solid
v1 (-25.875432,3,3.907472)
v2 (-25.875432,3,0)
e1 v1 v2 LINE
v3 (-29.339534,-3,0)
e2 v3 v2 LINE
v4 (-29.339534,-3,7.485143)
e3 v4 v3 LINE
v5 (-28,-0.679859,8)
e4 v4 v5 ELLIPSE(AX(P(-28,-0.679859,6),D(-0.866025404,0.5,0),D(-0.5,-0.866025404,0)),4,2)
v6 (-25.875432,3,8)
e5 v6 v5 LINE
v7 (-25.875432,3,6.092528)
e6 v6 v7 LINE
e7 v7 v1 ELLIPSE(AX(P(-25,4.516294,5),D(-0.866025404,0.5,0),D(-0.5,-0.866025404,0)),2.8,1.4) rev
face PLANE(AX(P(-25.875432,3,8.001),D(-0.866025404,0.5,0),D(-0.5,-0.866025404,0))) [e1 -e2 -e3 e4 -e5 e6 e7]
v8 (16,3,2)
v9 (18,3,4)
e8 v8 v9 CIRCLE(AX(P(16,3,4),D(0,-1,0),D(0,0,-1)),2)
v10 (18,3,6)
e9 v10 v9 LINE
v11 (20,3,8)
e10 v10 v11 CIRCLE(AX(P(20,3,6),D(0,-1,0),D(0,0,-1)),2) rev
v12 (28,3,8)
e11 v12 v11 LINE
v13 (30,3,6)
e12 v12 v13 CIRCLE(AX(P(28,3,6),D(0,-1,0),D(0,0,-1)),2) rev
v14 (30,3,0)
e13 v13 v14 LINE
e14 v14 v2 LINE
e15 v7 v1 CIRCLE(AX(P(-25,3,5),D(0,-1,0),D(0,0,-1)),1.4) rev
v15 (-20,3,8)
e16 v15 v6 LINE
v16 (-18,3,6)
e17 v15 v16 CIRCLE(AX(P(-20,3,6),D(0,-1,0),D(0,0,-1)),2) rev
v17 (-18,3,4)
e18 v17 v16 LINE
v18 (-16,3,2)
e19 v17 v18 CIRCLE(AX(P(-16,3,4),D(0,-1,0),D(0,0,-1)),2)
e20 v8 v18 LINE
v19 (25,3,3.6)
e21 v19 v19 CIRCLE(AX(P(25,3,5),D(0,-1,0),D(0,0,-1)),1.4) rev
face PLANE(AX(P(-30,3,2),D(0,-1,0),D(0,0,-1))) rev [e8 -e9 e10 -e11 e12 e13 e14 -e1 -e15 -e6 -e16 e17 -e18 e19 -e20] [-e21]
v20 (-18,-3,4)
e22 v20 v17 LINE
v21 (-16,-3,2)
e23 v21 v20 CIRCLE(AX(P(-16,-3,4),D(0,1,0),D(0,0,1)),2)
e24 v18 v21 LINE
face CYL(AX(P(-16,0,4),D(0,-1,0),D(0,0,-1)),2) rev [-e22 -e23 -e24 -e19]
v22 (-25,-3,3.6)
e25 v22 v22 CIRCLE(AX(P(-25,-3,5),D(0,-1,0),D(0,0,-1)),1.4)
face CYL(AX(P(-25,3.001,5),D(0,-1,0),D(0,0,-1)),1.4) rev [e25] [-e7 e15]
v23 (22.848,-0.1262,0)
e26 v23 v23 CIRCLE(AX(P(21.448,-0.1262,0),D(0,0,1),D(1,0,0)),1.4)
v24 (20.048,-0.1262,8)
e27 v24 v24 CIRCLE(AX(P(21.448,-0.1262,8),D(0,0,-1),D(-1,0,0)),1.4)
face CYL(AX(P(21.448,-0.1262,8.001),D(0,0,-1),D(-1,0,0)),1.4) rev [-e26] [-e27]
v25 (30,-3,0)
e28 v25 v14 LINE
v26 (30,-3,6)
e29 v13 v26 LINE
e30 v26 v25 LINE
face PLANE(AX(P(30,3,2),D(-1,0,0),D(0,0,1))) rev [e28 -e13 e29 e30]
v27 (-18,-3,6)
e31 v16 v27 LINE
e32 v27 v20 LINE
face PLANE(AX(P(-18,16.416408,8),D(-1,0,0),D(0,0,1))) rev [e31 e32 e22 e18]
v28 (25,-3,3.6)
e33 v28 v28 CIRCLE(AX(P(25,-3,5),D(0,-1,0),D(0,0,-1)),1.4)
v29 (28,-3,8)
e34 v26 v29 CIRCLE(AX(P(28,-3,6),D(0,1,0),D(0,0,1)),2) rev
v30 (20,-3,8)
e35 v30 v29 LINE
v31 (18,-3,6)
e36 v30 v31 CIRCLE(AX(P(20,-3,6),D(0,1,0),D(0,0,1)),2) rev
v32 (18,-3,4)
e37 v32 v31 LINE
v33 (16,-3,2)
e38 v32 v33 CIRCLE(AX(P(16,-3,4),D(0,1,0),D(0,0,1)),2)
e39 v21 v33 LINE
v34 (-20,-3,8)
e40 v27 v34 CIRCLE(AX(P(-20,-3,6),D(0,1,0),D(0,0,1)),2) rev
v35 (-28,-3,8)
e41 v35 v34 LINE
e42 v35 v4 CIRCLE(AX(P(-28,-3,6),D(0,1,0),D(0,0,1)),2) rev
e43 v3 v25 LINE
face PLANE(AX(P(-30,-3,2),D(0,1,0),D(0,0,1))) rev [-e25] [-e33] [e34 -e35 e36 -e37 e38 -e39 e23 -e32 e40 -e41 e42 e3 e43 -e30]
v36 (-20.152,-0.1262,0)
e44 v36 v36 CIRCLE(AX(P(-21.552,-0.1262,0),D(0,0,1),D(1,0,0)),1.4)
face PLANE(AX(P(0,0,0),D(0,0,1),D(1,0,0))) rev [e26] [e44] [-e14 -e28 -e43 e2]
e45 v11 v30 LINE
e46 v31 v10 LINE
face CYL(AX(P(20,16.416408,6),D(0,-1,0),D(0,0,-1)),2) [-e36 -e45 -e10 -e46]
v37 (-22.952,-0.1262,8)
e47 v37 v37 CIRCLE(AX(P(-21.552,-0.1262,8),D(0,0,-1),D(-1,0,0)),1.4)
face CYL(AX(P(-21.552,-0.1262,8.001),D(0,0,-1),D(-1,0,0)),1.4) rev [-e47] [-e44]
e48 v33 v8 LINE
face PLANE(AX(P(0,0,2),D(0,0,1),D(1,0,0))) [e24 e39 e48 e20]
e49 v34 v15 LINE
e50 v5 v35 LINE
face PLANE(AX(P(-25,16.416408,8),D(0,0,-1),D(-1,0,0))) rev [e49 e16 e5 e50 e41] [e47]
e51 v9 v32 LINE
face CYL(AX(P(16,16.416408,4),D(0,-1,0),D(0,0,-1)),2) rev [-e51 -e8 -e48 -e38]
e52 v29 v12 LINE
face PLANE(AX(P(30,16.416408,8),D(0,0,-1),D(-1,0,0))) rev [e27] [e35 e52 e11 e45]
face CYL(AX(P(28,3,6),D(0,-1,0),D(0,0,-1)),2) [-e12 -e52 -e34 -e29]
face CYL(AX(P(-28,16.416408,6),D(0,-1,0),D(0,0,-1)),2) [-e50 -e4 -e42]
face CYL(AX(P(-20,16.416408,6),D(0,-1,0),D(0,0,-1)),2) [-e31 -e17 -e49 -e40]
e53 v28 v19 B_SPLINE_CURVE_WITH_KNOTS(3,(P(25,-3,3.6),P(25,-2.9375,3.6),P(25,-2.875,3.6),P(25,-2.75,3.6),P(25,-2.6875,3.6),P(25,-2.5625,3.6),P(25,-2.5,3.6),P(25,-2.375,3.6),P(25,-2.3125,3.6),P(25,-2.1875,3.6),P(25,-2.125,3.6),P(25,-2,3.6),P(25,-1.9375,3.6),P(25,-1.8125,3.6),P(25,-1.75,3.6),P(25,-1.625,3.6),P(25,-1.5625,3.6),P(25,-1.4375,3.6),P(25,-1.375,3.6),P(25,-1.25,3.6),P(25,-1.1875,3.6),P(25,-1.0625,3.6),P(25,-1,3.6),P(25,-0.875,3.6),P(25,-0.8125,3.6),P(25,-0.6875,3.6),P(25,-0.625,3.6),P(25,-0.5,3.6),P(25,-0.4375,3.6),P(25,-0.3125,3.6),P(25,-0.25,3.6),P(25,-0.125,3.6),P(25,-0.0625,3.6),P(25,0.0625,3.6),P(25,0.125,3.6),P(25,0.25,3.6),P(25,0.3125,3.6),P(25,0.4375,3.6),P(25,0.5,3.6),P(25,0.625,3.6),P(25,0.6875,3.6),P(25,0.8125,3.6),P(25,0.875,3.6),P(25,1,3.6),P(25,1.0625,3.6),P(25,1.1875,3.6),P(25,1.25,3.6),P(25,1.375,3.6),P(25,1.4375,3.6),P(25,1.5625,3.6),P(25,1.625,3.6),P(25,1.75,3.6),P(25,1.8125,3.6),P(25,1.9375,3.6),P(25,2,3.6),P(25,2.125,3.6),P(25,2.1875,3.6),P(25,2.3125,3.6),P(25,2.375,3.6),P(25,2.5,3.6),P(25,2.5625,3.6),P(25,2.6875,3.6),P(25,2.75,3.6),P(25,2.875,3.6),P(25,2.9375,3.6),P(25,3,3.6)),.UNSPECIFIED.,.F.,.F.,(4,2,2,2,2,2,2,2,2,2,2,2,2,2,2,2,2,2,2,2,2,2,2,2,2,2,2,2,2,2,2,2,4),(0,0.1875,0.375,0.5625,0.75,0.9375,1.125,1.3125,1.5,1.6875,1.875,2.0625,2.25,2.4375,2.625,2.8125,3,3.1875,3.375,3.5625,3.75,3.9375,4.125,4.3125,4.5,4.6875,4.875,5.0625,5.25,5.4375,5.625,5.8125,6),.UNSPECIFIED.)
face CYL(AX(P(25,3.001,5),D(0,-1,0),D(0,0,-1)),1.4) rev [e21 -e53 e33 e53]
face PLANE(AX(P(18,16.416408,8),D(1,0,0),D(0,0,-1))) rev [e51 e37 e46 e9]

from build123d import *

# Parameters (mm, degrees)
SKETCH1_W           = 60
SKETCH1_H           = 6
BASE_DEPTH          = 2
BOSS_EXTRUDE2_DEPTH = 6
FILLET1_R           = 2
CROP_REACH          = 33.193
FAN_SCREWS_REACH    = 33.623
SKETCH5_R           = 1.4
PCB_SCREWS_REACH    = 33.193
SKETCH3_R           = 1.4


with BuildPart() as part:
    # Sketch1 → Base (new body)
    with BuildSketch(Plane.XY):
        Rectangle(SKETCH1_W, SKETCH1_H)
    extrude(amount=BASE_DEPTH)

    # Sketch4 → Boss-Extrude2 (add)
    with BuildSketch(Plane(origin=(0, -3, 0), x_dir=(1, 0, 0), z_dir=(0, 1, 0))):
        Polygon((-30, -2), (-18, -2), (-18, -8), (-25, -8), (-30, -8), align=None)
        Polygon((30, -2), (30, -8), (25, -8), (18, -8), (18, -2), align=None)
    extrude(amount=BOSS_EXTRUDE2_DEPTH)

    # Fillet1
    fillet1_edges = [part.edges().sort_by_distance(p)[0] for p in [
        (-18, 0, 2),
        (-18, 0, 8),
        (-30, 0, 8),
        (30, 0, 8),
        (18, 0, 8),
        (18, 0, 2),
    ]]
    fillet(fillet1_edges, radius=FILLET1_R)

    # Sketch2 → Crop (cut, up to next)
    with BuildSketch(Plane.XY, mode=Mode.PRIVATE) as crop_sk1:
        Polygon((-25.875432474, 3), (-29.339534089, -3), (-30, -3), (-30, 3), align=None)
    crop_tool1 = extrude(crop_sk1.sketch, amount=CROP_REACH, mode=Mode.PRIVATE) & part.part
    add(crop_tool1.solids().sort_by_distance((-28.594757, 0.723945, 0))[0], mode=Mode.SUBTRACT)

    # Sketch5 → Fan screws (cut, up to next)
    with BuildSketch(Plane.XZ.offset(3), mode=Mode.PRIVATE) as fan_screws_sk1:
        with Locations(Location((25, 5, 0), (0, 0, 270))):
            Circle(SKETCH5_R)
    fan_screws_tool1 = extrude(fan_screws_sk1.sketch, amount=-FAN_SCREWS_REACH, mode=Mode.PRIVATE) & part.part
    # Sketch5 → Fan screws (cut, up to next)
    with BuildSketch(Plane.XZ.offset(3), mode=Mode.PRIVATE) as fan_screws_sk2:
        with Locations(Location((-25, 5, 0), (0, 0, 270))):
            Circle(SKETCH5_R)
    fan_screws_tool2 = extrude(fan_screws_sk2.sketch, amount=-FAN_SCREWS_REACH, mode=Mode.PRIVATE) & part.part
    add(fan_screws_tool1.solids().sort_by_distance((25, -3, 5))[0], mode=Mode.SUBTRACT)
    add(fan_screws_tool2.solids().sort_by_distance((-25, -3, 5))[0], mode=Mode.SUBTRACT)

    # Sketch3 → PCB screws (cut, up to next)
    with BuildSketch(Plane.XY, mode=Mode.PRIVATE) as pcb_screws_sk1:
        with Locations(Location((21.448, -0.1262, 0), (0, 0, 180))):
            Circle(SKETCH3_R)
    pcb_screws_tool1 = extrude(pcb_screws_sk1.sketch, amount=PCB_SCREWS_REACH, mode=Mode.PRIVATE) & part.part
    # Sketch3 → PCB screws (cut, up to next)
    with BuildSketch(Plane.XY, mode=Mode.PRIVATE) as pcb_screws_sk2:
        with Locations(Location((-21.552, -0.1262, 0), (0, 0, 180))):
            Circle(SKETCH3_R)
    pcb_screws_tool2 = extrude(pcb_screws_sk2.sketch, amount=PCB_SCREWS_REACH, mode=Mode.PRIVATE) & part.part
    add(pcb_screws_tool1.solids().sort_by_distance((21.448, -0.1262, 0))[0], mode=Mode.SUBTRACT)
    add(pcb_screws_tool2.solids().sort_by_distance((-21.552, -0.1262, 0))[0], mode=Mode.SUBTRACT)


solid = part.part
